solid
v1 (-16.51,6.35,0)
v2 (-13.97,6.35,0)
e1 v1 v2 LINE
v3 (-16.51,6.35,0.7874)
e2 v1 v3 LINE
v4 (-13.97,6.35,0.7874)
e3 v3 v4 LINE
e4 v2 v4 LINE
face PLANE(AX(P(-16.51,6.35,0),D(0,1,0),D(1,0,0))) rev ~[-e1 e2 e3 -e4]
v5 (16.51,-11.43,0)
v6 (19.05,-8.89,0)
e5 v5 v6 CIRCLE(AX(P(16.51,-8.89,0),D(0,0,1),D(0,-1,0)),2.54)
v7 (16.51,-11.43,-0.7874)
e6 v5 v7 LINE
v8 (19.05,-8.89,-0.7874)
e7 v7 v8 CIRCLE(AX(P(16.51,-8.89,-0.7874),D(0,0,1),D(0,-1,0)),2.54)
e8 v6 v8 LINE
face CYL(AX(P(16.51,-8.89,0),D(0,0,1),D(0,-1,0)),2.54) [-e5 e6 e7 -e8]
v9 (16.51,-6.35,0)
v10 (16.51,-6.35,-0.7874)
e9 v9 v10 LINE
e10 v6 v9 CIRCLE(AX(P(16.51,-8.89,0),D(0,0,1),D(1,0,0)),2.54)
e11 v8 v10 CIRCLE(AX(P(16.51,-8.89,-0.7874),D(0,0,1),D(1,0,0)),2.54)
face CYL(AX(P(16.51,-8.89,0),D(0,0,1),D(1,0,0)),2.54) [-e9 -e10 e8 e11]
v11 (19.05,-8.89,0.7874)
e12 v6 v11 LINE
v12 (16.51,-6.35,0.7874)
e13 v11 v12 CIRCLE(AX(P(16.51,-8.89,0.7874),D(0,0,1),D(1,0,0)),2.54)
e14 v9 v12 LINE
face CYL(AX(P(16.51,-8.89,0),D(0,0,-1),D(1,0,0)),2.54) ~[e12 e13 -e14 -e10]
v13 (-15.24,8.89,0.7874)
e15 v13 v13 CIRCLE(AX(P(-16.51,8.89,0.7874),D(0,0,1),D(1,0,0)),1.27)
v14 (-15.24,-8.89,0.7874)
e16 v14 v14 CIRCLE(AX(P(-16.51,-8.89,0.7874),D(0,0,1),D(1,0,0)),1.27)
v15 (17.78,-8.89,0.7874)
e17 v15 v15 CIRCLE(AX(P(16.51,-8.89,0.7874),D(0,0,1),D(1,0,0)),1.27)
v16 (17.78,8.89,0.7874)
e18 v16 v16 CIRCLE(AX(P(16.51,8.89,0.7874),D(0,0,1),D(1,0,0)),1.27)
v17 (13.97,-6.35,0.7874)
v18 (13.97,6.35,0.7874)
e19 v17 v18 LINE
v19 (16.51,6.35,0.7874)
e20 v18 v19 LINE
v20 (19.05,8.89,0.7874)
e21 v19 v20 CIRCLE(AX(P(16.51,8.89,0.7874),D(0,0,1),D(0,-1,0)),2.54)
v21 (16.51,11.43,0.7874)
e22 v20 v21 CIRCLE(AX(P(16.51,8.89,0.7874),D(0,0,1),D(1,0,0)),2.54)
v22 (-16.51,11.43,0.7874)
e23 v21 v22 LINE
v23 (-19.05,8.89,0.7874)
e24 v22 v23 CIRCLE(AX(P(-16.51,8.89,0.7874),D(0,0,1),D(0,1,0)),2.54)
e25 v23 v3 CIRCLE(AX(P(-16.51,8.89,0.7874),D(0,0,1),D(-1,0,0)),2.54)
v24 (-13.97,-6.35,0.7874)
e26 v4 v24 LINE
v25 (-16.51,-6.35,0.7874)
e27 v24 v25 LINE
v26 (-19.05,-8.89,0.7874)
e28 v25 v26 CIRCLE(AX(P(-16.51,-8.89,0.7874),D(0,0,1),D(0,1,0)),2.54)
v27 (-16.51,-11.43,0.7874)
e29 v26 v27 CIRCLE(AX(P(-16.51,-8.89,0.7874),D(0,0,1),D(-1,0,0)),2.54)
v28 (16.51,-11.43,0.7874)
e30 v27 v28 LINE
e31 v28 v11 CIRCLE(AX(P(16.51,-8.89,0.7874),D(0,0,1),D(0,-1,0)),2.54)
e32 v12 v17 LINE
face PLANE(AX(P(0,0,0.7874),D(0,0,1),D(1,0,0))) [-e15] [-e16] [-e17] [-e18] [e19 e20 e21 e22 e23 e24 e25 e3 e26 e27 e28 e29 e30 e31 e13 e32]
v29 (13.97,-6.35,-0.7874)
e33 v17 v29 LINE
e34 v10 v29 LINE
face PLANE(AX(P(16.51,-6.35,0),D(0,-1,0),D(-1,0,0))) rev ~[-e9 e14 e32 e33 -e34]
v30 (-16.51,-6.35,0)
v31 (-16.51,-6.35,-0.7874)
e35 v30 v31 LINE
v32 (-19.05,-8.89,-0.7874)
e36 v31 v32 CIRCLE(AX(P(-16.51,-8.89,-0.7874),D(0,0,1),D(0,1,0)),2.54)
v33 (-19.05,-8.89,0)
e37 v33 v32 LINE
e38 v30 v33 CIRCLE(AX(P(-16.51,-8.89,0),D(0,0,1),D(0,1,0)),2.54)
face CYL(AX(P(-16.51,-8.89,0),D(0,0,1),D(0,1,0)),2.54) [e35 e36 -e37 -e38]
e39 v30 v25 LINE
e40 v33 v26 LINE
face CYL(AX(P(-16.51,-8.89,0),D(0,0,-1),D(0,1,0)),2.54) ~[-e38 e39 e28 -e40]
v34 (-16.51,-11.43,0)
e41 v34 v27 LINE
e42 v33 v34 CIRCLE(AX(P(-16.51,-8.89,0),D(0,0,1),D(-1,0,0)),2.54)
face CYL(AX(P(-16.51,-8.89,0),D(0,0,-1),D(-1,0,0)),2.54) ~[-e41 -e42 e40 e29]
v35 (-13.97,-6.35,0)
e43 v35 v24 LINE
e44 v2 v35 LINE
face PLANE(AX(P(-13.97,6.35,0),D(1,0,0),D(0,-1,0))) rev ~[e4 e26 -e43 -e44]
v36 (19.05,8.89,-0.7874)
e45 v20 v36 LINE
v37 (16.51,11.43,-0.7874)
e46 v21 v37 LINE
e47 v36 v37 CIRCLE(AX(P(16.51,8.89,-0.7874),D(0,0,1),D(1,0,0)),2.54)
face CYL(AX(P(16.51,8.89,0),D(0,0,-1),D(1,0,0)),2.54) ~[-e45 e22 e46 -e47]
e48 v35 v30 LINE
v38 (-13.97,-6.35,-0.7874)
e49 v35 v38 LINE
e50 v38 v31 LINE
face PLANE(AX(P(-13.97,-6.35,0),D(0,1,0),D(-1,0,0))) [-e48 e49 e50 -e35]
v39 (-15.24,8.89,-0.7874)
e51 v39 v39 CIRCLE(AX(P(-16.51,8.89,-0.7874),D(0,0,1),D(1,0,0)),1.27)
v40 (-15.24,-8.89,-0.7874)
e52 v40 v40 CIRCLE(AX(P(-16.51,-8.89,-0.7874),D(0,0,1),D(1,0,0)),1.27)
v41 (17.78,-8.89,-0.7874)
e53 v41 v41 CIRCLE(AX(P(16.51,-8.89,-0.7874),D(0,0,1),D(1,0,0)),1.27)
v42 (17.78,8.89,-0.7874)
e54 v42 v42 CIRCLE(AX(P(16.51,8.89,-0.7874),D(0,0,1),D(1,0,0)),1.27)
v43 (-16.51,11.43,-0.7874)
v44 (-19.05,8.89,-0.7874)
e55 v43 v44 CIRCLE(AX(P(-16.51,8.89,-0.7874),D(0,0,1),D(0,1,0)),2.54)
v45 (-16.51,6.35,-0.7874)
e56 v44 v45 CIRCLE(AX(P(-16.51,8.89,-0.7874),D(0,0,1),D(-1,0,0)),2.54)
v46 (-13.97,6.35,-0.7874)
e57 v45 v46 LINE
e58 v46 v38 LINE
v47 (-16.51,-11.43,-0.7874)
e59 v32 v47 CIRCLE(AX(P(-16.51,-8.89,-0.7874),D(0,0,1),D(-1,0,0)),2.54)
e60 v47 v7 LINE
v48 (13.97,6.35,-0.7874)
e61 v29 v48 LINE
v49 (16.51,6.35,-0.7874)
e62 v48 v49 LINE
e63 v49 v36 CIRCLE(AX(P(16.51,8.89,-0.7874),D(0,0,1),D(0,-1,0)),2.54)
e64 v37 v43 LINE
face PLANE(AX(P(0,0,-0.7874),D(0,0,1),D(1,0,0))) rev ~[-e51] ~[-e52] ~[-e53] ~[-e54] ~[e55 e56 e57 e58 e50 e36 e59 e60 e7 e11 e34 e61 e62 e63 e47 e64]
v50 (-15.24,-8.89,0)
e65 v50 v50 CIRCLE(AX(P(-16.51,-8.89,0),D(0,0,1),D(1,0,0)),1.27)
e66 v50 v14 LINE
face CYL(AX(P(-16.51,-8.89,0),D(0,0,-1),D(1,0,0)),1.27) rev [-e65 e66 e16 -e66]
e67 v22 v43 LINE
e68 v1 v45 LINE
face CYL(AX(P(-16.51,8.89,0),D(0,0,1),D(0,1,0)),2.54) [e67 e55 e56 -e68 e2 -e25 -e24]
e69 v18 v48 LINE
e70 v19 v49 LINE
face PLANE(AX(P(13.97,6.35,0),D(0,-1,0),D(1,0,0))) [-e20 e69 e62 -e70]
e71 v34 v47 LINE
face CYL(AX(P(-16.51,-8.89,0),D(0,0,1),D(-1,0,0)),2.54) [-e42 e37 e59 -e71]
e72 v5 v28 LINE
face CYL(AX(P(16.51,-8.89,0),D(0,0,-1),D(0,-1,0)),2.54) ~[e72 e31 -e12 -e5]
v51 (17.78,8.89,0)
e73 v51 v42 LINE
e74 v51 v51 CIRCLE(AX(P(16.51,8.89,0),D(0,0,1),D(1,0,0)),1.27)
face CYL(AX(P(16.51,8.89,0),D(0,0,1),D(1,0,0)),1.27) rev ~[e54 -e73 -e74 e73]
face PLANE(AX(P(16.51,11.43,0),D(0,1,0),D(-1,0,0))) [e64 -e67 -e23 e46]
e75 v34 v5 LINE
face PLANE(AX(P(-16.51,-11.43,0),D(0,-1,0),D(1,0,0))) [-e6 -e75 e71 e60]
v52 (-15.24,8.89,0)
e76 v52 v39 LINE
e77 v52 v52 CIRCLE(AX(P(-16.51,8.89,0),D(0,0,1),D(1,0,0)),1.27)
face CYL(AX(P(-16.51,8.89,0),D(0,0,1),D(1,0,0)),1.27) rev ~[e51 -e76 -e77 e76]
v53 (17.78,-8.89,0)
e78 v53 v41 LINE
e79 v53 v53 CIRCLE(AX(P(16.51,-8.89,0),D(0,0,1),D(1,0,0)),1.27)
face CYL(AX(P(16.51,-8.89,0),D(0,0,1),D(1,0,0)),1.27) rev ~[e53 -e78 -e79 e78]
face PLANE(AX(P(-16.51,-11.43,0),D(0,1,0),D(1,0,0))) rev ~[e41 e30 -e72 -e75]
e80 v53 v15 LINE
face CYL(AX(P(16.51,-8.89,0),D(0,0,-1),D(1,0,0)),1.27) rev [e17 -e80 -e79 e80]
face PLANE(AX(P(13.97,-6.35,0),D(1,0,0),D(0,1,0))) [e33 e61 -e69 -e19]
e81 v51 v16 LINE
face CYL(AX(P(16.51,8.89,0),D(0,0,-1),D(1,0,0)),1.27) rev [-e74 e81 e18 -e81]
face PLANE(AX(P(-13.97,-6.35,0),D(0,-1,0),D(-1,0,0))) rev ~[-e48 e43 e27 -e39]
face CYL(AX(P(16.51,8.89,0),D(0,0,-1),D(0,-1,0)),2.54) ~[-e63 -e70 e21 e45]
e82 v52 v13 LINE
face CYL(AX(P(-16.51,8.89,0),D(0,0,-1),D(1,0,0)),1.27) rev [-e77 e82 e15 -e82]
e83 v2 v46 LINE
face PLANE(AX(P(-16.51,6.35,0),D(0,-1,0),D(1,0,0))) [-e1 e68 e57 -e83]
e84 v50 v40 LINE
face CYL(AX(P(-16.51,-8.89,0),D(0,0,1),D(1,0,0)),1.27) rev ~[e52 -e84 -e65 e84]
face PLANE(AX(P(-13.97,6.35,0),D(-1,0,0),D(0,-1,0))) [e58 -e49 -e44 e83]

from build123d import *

# Parameters (mm, degrees)
F0_R     = 1.27
F1_DEPTH = 0.7874


with BuildPart() as f1:
    # F0 (on Top) → F1 (new body, symmetric)
    with BuildSketch(Plane.XY):
        Polygon((13.97, 6.35), (13.97, 11.43), (-13.97, 11.43), (-13.97, 6.35), (-13.97, -6.35), (-13.97, -11.43), (13.97, -11.43), (13.97, -6.35), align=None)
        with BuildLine():
            Line((-13.97, 6.35), (-13.97, 11.43))
            Line((-13.97, 11.43), (-16.51, 11.43))
            ThreePointArc((-16.51, 11.43), (-18.3060512242, 10.6860512242), (-19.05, 8.89))
            ThreePointArc((-19.05, 8.89), (-18.3060512242, 7.0939487758), (-16.51, 6.35))
            Line((-16.51, 6.35), (-13.97, 6.35))
        make_face()
        with Locations((-16.51, 8.89)):
            Circle(F0_R, mode=Mode.SUBTRACT)
        with BuildLine():
            Line((-13.97, -11.43), (-13.97, -6.35))
            Line((-13.97, -6.35), (-16.51, -6.35))
            ThreePointArc((-16.51, -6.35), (-18.3060512242, -7.0939487758), (-19.05, -8.89))
            ThreePointArc((-19.05, -8.89), (-18.3060512242, -10.6860512242), (-16.51, -11.43))
            Line((-16.51, -11.43), (-13.97, -11.43))
        make_face()
        with Locations((-16.51, -8.89)):
            Circle(F0_R, mode=Mode.SUBTRACT)
        with BuildLine():
            Line((16.51, -6.35), (13.97, -6.35))
            Line((13.97, -6.35), (13.97, -11.43))
            Line((13.97, -11.43), (16.51, -11.43))
            ThreePointArc((16.51, -11.43), (18.3060512242, -10.6860512242), (19.05, -8.89))
            ThreePointArc((19.05, -8.89), (18.3060512242, -7.0939487758), (16.51, -6.35))
        make_face()
        with Locations((16.51, -8.89)):
            Circle(F0_R, mode=Mode.SUBTRACT)
        with BuildLine():
            ThreePointArc((19.05, 8.89), (18.3060512242, 10.6860512242), (16.51, 11.43))
            Line((16.51, 11.43), (13.97, 11.43))
            Line((13.97, 11.43), (13.97, 6.35))
            Line((13.97, 6.35), (16.51, 6.35))
            ThreePointArc((16.51, 6.35), (18.3060512242, 7.0939487758), (19.05, 8.89))
        make_face()
        with Locations((16.51, 8.89)):
            Circle(F0_R, mode=Mode.SUBTRACT)
    extrude(amount=F1_DEPTH, both=True)


solid = f1.part
